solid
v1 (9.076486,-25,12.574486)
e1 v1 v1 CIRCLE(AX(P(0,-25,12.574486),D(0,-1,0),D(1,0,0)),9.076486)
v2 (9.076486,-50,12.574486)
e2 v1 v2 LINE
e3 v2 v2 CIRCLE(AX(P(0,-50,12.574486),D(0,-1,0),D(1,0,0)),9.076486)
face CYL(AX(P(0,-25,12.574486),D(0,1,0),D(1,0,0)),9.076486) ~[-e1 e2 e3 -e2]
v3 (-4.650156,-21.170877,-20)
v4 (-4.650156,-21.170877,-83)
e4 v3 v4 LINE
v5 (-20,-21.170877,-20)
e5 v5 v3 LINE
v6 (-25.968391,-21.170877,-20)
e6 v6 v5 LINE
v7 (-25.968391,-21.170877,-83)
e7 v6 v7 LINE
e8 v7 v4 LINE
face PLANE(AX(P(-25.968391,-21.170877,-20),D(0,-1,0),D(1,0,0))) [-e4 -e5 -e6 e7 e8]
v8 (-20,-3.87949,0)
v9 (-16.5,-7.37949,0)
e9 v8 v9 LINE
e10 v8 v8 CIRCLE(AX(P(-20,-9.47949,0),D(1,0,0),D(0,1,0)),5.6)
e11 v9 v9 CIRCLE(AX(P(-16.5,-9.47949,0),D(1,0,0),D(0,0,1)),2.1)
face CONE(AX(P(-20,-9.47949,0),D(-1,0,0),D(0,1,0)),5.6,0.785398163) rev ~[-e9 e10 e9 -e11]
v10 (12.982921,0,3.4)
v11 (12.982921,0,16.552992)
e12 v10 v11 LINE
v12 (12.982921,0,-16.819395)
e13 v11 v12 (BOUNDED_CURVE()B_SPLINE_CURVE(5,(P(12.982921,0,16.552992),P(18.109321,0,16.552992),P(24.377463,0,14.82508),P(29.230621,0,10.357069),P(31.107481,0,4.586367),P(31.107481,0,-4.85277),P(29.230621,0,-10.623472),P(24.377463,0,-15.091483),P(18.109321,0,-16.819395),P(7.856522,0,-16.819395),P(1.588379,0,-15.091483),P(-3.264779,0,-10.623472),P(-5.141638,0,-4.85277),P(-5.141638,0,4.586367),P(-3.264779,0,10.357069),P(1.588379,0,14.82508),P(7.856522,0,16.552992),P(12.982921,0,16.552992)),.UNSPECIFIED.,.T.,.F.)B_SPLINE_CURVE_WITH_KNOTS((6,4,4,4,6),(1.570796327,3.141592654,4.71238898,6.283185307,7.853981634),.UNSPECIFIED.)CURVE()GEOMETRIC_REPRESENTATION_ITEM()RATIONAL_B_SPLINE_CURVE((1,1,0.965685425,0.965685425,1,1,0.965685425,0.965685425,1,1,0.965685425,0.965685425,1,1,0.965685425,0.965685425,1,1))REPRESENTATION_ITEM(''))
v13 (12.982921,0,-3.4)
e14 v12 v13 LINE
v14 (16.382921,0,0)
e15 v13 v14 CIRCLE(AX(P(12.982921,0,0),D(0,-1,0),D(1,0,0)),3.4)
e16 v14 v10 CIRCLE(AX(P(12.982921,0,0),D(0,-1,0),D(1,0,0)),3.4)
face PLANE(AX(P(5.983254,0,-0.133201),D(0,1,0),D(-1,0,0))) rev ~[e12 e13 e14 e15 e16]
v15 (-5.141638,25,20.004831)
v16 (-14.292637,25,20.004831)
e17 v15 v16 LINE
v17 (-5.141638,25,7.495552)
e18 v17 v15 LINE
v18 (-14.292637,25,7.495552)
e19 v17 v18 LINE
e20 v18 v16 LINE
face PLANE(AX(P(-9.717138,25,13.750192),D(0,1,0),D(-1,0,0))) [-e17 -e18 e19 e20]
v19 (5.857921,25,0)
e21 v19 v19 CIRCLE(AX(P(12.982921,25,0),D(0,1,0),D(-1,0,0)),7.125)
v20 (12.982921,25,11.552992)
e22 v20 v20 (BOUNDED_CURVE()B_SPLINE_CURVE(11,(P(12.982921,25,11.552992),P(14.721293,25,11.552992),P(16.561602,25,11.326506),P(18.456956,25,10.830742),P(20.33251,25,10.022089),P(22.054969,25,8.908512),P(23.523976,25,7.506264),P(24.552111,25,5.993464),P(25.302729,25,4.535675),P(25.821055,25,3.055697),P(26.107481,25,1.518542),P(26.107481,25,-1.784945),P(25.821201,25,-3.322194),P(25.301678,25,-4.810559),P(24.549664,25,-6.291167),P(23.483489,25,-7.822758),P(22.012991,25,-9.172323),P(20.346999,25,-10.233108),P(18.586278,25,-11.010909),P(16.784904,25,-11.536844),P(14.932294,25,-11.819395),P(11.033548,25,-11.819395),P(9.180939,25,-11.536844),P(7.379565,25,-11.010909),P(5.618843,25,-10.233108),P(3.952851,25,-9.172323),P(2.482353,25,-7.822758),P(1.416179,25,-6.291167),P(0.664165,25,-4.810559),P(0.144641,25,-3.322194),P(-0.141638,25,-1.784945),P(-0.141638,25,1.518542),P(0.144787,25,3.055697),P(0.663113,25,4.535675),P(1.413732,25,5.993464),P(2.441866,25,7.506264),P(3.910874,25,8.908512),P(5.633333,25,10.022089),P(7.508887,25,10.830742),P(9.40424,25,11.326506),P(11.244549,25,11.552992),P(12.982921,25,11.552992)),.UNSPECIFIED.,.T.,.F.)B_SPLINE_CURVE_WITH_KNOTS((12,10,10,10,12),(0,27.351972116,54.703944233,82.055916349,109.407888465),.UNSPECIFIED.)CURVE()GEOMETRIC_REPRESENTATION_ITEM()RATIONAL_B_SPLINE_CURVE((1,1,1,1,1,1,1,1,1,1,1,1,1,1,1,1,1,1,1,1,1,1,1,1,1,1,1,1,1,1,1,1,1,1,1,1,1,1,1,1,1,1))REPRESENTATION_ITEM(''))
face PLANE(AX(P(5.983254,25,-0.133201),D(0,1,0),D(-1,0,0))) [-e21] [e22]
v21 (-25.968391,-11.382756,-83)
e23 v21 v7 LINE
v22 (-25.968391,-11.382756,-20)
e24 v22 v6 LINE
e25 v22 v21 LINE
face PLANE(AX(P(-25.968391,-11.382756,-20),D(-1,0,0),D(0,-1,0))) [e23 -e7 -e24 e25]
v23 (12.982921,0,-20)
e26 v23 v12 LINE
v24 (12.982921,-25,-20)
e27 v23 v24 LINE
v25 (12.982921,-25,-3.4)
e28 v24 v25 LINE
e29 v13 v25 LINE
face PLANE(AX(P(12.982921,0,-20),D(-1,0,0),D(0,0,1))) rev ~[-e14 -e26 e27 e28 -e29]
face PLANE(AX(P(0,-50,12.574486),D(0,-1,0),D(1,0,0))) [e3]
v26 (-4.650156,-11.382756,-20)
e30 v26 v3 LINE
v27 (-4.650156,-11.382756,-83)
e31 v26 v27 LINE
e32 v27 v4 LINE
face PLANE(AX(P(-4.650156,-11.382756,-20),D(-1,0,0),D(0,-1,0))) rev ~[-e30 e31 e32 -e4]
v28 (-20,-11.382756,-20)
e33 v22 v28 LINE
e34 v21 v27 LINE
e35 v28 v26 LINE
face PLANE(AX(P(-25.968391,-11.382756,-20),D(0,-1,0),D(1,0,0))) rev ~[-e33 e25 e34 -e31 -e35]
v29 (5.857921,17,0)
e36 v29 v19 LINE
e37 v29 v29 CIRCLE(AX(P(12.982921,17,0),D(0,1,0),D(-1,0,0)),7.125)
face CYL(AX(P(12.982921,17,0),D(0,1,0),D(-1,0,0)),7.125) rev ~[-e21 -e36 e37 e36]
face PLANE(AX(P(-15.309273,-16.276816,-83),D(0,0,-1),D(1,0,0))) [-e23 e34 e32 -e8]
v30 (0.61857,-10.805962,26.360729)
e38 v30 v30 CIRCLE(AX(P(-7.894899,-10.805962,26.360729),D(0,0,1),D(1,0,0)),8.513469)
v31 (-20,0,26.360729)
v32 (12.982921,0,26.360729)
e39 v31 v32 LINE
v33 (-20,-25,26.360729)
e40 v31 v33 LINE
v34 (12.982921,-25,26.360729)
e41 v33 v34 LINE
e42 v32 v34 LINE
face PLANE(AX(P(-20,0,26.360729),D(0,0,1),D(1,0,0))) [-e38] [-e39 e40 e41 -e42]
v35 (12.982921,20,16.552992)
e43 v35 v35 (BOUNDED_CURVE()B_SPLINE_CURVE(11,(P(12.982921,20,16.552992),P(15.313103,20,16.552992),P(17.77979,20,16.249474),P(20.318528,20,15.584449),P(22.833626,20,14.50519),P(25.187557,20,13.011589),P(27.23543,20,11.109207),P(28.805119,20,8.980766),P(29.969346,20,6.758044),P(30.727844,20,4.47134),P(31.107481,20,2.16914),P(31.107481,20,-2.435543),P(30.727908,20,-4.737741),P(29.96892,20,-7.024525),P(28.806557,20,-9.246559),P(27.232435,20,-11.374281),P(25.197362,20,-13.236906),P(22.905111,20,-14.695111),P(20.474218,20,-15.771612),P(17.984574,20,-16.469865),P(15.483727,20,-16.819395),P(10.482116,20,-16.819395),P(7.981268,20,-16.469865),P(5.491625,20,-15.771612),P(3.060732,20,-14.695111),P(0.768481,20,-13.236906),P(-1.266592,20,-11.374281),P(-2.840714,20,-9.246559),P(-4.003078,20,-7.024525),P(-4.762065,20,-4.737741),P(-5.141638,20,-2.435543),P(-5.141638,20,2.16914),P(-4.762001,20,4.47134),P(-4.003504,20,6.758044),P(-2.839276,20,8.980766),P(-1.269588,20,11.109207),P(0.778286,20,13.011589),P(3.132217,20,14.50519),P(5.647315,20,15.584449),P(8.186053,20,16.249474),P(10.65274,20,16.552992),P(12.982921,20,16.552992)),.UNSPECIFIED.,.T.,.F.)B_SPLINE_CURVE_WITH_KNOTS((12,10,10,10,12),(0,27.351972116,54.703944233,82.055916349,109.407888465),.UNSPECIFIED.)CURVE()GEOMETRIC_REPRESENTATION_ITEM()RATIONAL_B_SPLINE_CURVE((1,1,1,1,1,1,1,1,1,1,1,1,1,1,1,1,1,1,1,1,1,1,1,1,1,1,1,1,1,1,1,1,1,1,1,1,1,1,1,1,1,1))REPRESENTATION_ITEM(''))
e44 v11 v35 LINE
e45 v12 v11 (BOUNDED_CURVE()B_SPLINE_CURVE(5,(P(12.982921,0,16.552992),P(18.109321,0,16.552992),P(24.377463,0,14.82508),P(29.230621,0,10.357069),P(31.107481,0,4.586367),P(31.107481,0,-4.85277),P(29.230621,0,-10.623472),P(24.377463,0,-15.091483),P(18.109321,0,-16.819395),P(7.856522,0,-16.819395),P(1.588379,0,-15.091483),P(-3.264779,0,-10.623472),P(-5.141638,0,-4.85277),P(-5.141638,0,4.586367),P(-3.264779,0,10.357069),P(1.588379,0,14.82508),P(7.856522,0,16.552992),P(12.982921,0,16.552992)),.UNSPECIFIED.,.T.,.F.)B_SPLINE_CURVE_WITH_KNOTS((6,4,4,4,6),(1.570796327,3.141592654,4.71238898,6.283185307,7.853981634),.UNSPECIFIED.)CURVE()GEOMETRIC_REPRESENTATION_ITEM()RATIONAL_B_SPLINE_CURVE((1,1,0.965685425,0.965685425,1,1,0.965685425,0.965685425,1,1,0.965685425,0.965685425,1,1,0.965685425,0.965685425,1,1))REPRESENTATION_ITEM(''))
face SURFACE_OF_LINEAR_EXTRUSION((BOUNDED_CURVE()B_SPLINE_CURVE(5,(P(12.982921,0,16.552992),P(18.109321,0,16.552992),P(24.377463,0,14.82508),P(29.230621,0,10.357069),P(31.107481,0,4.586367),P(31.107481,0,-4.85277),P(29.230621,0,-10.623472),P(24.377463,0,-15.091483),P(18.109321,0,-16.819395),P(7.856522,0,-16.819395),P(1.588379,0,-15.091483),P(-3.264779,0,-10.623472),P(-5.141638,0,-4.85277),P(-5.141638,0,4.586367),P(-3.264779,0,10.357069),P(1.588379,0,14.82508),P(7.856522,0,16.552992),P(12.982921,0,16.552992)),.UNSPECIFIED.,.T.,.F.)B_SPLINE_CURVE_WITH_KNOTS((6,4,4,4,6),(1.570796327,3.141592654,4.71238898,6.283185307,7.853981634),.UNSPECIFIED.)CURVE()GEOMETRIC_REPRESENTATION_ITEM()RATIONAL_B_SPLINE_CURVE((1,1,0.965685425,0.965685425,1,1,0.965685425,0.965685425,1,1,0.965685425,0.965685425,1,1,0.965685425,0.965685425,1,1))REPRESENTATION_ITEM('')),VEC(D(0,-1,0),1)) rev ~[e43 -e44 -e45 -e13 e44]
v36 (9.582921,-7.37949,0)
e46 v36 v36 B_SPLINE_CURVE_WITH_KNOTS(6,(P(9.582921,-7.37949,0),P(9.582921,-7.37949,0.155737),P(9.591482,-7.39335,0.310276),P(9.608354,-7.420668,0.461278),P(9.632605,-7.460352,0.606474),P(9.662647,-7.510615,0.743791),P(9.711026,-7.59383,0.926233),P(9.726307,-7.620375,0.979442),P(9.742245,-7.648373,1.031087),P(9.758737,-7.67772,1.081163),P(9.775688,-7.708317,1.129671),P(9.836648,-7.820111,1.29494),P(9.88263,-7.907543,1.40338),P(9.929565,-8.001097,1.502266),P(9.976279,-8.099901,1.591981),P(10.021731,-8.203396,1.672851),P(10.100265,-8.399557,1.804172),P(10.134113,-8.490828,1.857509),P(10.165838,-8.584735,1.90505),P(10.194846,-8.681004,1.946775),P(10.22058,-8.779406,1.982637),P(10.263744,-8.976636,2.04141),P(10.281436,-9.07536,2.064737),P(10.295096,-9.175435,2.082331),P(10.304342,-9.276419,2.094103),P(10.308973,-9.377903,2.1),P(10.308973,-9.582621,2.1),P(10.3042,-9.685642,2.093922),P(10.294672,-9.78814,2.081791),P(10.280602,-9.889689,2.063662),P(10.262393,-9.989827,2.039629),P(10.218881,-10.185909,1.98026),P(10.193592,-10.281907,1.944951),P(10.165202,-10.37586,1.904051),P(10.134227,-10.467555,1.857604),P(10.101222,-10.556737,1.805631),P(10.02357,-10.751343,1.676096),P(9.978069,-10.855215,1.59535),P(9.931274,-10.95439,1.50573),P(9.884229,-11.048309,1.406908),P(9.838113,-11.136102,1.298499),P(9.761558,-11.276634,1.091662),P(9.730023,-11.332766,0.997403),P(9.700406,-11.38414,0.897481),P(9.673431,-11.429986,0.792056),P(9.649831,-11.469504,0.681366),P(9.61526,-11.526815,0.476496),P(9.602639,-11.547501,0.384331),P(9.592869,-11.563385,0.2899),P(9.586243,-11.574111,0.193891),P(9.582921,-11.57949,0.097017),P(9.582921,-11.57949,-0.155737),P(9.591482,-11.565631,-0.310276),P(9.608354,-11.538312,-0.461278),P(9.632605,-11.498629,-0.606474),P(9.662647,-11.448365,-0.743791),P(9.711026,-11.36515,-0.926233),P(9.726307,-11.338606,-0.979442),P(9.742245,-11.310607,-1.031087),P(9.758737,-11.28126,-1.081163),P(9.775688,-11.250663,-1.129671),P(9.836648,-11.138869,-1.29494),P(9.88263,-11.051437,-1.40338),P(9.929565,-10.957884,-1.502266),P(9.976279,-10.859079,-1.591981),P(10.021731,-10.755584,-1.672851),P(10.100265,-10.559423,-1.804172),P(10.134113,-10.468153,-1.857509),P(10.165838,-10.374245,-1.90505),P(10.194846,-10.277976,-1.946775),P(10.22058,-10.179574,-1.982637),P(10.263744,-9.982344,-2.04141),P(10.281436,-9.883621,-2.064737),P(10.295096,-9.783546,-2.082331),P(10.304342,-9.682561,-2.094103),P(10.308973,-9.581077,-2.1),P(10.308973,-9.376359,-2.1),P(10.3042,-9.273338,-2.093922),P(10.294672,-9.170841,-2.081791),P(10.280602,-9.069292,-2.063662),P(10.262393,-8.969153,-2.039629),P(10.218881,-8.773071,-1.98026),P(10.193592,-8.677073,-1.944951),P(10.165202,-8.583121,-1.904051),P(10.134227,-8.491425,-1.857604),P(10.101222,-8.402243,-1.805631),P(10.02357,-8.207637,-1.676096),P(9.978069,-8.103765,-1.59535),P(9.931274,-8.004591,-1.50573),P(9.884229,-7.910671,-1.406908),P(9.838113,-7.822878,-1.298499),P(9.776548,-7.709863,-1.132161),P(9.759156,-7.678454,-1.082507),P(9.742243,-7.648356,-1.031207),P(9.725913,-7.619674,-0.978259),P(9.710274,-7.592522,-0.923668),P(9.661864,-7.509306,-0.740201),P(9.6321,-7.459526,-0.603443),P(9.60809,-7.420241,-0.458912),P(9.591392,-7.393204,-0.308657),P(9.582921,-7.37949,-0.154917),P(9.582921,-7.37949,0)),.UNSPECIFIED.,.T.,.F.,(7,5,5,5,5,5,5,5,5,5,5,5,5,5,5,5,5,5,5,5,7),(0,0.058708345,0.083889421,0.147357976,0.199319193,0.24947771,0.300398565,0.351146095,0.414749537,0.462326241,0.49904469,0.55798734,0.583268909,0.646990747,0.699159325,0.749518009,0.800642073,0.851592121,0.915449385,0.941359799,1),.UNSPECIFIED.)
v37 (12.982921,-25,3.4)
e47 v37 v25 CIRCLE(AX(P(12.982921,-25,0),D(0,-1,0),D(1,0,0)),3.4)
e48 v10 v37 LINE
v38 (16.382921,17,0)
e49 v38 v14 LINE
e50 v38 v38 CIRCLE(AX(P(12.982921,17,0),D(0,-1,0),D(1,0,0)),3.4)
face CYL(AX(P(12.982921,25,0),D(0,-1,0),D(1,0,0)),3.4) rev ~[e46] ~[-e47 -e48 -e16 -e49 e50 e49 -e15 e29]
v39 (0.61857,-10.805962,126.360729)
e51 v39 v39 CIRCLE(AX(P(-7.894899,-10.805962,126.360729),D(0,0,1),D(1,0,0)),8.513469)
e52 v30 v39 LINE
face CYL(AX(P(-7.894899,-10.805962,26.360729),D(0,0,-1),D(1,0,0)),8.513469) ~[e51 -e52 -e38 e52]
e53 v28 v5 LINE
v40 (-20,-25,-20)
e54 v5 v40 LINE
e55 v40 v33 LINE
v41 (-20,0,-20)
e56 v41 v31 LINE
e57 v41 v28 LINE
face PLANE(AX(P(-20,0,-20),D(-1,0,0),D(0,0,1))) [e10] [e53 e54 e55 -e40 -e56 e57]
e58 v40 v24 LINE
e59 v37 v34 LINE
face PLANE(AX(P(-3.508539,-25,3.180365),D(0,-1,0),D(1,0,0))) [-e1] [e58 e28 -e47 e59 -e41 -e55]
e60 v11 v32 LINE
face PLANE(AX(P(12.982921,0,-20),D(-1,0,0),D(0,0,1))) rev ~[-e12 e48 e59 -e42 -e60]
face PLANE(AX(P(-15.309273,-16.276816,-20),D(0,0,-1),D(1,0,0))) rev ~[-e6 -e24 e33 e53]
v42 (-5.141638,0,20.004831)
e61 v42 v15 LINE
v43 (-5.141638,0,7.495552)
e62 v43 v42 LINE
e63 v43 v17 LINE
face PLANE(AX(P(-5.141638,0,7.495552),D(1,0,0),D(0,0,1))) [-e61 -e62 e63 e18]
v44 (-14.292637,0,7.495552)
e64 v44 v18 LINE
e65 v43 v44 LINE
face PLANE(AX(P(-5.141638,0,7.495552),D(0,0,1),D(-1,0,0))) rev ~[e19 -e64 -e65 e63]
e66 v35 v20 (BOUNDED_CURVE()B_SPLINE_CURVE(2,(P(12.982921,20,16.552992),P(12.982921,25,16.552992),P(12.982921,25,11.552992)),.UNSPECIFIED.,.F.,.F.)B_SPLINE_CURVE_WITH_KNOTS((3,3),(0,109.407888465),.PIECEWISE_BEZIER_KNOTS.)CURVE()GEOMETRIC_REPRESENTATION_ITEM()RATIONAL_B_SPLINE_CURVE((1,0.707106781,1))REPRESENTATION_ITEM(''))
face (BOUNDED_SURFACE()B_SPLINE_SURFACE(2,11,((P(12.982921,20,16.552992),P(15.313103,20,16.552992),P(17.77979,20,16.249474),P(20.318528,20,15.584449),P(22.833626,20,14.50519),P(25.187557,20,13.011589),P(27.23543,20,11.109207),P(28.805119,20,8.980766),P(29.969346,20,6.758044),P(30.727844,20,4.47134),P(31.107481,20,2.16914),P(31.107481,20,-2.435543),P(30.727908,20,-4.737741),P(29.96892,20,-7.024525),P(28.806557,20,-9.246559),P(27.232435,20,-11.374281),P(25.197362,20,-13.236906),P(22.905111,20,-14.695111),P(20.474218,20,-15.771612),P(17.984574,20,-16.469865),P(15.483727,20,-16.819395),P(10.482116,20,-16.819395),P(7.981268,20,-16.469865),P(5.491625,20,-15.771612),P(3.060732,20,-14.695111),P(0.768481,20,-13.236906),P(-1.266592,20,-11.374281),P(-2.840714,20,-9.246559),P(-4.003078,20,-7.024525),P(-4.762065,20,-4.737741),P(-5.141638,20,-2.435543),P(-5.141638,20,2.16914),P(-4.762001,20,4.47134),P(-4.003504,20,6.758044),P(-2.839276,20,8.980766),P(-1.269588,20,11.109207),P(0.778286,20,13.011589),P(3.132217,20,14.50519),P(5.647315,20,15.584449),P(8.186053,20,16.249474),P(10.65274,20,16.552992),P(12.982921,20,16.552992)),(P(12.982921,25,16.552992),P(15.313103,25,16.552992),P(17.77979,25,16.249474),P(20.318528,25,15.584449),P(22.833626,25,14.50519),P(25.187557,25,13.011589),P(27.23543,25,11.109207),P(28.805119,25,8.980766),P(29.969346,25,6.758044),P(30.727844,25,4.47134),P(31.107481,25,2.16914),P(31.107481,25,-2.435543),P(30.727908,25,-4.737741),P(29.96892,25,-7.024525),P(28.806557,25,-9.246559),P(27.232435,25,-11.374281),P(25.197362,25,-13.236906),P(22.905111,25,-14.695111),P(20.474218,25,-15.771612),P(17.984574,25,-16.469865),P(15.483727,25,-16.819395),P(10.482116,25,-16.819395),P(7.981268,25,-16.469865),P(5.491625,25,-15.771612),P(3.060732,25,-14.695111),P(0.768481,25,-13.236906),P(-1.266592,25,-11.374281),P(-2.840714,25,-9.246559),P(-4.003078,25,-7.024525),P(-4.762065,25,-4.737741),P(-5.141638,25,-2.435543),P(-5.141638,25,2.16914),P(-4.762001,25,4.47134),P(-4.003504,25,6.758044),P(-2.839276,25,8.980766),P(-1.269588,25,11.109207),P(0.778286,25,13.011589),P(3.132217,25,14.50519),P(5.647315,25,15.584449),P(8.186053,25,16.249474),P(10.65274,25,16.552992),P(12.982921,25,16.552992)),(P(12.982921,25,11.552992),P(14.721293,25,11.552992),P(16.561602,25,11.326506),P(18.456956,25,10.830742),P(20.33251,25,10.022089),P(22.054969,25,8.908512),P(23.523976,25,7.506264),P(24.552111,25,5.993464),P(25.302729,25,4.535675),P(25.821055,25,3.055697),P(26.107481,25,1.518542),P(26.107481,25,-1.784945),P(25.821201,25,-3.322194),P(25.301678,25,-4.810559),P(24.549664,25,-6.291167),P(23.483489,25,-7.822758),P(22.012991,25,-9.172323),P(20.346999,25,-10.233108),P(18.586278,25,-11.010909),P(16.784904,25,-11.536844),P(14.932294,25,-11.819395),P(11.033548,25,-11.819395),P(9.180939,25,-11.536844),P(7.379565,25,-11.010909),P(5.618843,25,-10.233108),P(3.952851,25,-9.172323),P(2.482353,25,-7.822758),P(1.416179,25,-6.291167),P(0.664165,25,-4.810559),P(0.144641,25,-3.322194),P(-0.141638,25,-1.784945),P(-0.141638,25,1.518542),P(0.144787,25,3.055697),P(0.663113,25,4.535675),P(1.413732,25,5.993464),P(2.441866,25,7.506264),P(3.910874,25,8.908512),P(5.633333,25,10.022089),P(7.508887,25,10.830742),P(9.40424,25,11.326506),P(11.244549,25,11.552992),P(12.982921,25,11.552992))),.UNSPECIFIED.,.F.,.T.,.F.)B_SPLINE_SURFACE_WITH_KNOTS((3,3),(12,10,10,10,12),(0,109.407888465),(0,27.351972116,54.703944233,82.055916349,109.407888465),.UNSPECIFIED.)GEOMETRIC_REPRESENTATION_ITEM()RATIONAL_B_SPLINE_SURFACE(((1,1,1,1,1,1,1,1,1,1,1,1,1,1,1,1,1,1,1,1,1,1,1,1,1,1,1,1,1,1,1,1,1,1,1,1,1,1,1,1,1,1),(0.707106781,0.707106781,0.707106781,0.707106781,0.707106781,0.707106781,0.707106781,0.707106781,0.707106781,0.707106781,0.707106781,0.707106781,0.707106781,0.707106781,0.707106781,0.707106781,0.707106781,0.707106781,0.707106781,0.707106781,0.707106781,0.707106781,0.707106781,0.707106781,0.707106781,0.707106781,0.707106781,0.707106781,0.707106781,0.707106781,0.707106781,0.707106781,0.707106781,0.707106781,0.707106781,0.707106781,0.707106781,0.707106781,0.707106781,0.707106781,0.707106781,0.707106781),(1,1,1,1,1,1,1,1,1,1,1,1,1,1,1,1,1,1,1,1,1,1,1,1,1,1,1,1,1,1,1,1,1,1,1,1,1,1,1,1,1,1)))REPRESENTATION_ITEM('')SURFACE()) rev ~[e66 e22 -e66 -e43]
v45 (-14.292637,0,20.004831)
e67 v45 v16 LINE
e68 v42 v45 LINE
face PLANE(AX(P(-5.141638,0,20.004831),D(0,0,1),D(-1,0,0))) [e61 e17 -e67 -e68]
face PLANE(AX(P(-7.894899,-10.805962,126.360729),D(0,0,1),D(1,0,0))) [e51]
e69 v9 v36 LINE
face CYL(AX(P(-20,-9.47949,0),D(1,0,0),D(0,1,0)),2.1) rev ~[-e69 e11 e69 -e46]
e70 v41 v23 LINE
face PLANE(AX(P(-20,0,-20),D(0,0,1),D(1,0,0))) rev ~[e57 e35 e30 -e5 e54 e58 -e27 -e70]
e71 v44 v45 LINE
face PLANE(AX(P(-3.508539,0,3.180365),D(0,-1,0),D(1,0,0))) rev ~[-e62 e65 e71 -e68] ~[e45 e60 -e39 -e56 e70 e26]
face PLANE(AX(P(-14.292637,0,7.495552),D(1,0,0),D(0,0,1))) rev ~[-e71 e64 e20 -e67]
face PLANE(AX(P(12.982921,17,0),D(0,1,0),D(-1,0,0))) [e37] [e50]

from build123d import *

# Parameters (mm, degrees)
F0_W           = 32.9829213189
F0_H           = 46.3607293487
F1_DEPTH       = 25
F2_R           = 9.0764857075
F3_DEPTH       = 25
F5_DEPTH       = 25
F7_D           = 6.8
F7_CBORE_D     = 14.25
F7_CBORE_DEPTH = 8
F9_D           = 4.2
F9_CSINK_D     = 11.2
F9_CSINK_ANGLE = 90
F10_R          = 8.5134685027
F11_DEPTH      = 100
F12_W          = 9.1509986669
F12_H          = 12.5092789531
F13_DEPTH      = 25
F14_W          = 21.3182359003
F14_H          = 9.7881210968
F15_DEPTH      = 63
F16_R          = 5


with BuildPart() as f1:
    # F0 (on Front) → F1 (new body)
    with BuildSketch(Plane.XZ):
        with Locations((-3.5085393405, 3.1803646744)):
            Rectangle(F0_W, F0_H)
    extrude(amount=F1_DEPTH)

    # F2 (on face) → F3 (join)
    with BuildSketch(Plane.XZ.offset(25)):
        with Locations((0, 12.5744864345)):
            Circle(F2_R)
    extrude(amount=F3_DEPTH)

    # F4 (on face) → F5 (join)
    with BuildSketch(Plane(origin=(0, 0, 0), x_dir=(-1, 0, 0), z_dir=(0, 1, 0))):
        with BuildLine():
            add(Edge.make_bspline(
                [(-12.9829213189, -16.8193947008), (5.1416382194, -16.8193947008), (5.1416382194, -0.1332014799)],
                knots=[4.7123889804, 4.7123889804, 4.7123889804, 6.2831853072, 6.2831853072, 6.2831853072], degree=2, weights=[1, 0.7071067812, 1]))
            add(Edge.make_bspline(
                [(5.1416382194, -0.1332014799), (5.1416382194, 16.552991741), (-12.9829213189, 16.552991741)],
                knots=[0, 0, 0, 1.5707963268, 1.5707963268, 1.5707963268], degree=2, weights=[1, 0.7071067812, 1]))
            Line((-12.9829213189, 16.552991741), (-12.9829213189, -16.8193947008))
        make_face()
        with BuildLine():
            Line((-12.9829213189, -16.8193947008), (-12.9829213189, 16.552991741))
            add(Edge.make_bspline(
                [(-12.9829213189, 16.552991741), (-31.1074808572, 16.552991741), (-31.1074808572, -0.1332014799), (-31.1074808572, -16.8193947008), (-12.9829213189, -16.8193947008)],
                knots=[1.5707963268, 1.5707963268, 1.5707963268, 3.1415926536, 3.1415926536, 4.7123889804, 4.7123889804, 4.7123889804], degree=2, weights=[1, 0.7071067812, 1, 0.7071067812, 1]))
        make_face()
    extrude(amount=F5_DEPTH)

    # F7 (through all)
    with Locations(Plane(origin=(0, 25, 0), x_dir=(-1, 0, 0), z_dir=(0, 1, 0))):
        with Locations((-12.9829213189, 0)):
            CounterBoreHole(F7_D / 2, F7_CBORE_D / 2, F7_CBORE_DEPTH)

    # F9 (through all)
    with Locations(Plane(origin=(-20, 0, 0), x_dir=(0, -1, 0), z_dir=(-1, 0, 0))):
        with Locations((9.4794901088, 0)):
            CounterSinkHole(F9_D / 2, F9_CSINK_D / 2, counter_sink_angle=F9_CSINK_ANGLE)

    # F10 (on face) → F11 (join)
    with BuildSketch(Plane.XY.offset(26.3607293487)):
        with Locations((-7.8948987648, -10.8059616759)):
            Circle(F10_R)
    extrude(amount=F11_DEPTH)

    # F12 (on face) → F13 (join)
    with BuildSketch(Plane(origin=(0, 0, 0), x_dir=(-1, 0, 0), z_dir=(0, 1, 0))):
        with Locations((9.7171375528, 13.7501917779)):
            Rectangle(F12_W, F12_H)
    extrude(amount=F13_DEPTH)

    # F14 (on face) → F15 (join)
    with BuildSketch(Plane(origin=(0, 0, -20), x_dir=(1, 0, 0), z_dir=(0, 0, -1))):
        with Locations((-15.3092734981, 16.2768163718)):
            Rectangle(F14_W, F14_H)
    extrude(amount=F15_DEPTH)

    # F16
    f16_edges = [f1.edges().sort_by_distance(p)[0] for p in [
        (31.107481, 25, -0.133201),
    ]]
    fillet(f16_edges, radius=F16_R)


solid = f1.part
